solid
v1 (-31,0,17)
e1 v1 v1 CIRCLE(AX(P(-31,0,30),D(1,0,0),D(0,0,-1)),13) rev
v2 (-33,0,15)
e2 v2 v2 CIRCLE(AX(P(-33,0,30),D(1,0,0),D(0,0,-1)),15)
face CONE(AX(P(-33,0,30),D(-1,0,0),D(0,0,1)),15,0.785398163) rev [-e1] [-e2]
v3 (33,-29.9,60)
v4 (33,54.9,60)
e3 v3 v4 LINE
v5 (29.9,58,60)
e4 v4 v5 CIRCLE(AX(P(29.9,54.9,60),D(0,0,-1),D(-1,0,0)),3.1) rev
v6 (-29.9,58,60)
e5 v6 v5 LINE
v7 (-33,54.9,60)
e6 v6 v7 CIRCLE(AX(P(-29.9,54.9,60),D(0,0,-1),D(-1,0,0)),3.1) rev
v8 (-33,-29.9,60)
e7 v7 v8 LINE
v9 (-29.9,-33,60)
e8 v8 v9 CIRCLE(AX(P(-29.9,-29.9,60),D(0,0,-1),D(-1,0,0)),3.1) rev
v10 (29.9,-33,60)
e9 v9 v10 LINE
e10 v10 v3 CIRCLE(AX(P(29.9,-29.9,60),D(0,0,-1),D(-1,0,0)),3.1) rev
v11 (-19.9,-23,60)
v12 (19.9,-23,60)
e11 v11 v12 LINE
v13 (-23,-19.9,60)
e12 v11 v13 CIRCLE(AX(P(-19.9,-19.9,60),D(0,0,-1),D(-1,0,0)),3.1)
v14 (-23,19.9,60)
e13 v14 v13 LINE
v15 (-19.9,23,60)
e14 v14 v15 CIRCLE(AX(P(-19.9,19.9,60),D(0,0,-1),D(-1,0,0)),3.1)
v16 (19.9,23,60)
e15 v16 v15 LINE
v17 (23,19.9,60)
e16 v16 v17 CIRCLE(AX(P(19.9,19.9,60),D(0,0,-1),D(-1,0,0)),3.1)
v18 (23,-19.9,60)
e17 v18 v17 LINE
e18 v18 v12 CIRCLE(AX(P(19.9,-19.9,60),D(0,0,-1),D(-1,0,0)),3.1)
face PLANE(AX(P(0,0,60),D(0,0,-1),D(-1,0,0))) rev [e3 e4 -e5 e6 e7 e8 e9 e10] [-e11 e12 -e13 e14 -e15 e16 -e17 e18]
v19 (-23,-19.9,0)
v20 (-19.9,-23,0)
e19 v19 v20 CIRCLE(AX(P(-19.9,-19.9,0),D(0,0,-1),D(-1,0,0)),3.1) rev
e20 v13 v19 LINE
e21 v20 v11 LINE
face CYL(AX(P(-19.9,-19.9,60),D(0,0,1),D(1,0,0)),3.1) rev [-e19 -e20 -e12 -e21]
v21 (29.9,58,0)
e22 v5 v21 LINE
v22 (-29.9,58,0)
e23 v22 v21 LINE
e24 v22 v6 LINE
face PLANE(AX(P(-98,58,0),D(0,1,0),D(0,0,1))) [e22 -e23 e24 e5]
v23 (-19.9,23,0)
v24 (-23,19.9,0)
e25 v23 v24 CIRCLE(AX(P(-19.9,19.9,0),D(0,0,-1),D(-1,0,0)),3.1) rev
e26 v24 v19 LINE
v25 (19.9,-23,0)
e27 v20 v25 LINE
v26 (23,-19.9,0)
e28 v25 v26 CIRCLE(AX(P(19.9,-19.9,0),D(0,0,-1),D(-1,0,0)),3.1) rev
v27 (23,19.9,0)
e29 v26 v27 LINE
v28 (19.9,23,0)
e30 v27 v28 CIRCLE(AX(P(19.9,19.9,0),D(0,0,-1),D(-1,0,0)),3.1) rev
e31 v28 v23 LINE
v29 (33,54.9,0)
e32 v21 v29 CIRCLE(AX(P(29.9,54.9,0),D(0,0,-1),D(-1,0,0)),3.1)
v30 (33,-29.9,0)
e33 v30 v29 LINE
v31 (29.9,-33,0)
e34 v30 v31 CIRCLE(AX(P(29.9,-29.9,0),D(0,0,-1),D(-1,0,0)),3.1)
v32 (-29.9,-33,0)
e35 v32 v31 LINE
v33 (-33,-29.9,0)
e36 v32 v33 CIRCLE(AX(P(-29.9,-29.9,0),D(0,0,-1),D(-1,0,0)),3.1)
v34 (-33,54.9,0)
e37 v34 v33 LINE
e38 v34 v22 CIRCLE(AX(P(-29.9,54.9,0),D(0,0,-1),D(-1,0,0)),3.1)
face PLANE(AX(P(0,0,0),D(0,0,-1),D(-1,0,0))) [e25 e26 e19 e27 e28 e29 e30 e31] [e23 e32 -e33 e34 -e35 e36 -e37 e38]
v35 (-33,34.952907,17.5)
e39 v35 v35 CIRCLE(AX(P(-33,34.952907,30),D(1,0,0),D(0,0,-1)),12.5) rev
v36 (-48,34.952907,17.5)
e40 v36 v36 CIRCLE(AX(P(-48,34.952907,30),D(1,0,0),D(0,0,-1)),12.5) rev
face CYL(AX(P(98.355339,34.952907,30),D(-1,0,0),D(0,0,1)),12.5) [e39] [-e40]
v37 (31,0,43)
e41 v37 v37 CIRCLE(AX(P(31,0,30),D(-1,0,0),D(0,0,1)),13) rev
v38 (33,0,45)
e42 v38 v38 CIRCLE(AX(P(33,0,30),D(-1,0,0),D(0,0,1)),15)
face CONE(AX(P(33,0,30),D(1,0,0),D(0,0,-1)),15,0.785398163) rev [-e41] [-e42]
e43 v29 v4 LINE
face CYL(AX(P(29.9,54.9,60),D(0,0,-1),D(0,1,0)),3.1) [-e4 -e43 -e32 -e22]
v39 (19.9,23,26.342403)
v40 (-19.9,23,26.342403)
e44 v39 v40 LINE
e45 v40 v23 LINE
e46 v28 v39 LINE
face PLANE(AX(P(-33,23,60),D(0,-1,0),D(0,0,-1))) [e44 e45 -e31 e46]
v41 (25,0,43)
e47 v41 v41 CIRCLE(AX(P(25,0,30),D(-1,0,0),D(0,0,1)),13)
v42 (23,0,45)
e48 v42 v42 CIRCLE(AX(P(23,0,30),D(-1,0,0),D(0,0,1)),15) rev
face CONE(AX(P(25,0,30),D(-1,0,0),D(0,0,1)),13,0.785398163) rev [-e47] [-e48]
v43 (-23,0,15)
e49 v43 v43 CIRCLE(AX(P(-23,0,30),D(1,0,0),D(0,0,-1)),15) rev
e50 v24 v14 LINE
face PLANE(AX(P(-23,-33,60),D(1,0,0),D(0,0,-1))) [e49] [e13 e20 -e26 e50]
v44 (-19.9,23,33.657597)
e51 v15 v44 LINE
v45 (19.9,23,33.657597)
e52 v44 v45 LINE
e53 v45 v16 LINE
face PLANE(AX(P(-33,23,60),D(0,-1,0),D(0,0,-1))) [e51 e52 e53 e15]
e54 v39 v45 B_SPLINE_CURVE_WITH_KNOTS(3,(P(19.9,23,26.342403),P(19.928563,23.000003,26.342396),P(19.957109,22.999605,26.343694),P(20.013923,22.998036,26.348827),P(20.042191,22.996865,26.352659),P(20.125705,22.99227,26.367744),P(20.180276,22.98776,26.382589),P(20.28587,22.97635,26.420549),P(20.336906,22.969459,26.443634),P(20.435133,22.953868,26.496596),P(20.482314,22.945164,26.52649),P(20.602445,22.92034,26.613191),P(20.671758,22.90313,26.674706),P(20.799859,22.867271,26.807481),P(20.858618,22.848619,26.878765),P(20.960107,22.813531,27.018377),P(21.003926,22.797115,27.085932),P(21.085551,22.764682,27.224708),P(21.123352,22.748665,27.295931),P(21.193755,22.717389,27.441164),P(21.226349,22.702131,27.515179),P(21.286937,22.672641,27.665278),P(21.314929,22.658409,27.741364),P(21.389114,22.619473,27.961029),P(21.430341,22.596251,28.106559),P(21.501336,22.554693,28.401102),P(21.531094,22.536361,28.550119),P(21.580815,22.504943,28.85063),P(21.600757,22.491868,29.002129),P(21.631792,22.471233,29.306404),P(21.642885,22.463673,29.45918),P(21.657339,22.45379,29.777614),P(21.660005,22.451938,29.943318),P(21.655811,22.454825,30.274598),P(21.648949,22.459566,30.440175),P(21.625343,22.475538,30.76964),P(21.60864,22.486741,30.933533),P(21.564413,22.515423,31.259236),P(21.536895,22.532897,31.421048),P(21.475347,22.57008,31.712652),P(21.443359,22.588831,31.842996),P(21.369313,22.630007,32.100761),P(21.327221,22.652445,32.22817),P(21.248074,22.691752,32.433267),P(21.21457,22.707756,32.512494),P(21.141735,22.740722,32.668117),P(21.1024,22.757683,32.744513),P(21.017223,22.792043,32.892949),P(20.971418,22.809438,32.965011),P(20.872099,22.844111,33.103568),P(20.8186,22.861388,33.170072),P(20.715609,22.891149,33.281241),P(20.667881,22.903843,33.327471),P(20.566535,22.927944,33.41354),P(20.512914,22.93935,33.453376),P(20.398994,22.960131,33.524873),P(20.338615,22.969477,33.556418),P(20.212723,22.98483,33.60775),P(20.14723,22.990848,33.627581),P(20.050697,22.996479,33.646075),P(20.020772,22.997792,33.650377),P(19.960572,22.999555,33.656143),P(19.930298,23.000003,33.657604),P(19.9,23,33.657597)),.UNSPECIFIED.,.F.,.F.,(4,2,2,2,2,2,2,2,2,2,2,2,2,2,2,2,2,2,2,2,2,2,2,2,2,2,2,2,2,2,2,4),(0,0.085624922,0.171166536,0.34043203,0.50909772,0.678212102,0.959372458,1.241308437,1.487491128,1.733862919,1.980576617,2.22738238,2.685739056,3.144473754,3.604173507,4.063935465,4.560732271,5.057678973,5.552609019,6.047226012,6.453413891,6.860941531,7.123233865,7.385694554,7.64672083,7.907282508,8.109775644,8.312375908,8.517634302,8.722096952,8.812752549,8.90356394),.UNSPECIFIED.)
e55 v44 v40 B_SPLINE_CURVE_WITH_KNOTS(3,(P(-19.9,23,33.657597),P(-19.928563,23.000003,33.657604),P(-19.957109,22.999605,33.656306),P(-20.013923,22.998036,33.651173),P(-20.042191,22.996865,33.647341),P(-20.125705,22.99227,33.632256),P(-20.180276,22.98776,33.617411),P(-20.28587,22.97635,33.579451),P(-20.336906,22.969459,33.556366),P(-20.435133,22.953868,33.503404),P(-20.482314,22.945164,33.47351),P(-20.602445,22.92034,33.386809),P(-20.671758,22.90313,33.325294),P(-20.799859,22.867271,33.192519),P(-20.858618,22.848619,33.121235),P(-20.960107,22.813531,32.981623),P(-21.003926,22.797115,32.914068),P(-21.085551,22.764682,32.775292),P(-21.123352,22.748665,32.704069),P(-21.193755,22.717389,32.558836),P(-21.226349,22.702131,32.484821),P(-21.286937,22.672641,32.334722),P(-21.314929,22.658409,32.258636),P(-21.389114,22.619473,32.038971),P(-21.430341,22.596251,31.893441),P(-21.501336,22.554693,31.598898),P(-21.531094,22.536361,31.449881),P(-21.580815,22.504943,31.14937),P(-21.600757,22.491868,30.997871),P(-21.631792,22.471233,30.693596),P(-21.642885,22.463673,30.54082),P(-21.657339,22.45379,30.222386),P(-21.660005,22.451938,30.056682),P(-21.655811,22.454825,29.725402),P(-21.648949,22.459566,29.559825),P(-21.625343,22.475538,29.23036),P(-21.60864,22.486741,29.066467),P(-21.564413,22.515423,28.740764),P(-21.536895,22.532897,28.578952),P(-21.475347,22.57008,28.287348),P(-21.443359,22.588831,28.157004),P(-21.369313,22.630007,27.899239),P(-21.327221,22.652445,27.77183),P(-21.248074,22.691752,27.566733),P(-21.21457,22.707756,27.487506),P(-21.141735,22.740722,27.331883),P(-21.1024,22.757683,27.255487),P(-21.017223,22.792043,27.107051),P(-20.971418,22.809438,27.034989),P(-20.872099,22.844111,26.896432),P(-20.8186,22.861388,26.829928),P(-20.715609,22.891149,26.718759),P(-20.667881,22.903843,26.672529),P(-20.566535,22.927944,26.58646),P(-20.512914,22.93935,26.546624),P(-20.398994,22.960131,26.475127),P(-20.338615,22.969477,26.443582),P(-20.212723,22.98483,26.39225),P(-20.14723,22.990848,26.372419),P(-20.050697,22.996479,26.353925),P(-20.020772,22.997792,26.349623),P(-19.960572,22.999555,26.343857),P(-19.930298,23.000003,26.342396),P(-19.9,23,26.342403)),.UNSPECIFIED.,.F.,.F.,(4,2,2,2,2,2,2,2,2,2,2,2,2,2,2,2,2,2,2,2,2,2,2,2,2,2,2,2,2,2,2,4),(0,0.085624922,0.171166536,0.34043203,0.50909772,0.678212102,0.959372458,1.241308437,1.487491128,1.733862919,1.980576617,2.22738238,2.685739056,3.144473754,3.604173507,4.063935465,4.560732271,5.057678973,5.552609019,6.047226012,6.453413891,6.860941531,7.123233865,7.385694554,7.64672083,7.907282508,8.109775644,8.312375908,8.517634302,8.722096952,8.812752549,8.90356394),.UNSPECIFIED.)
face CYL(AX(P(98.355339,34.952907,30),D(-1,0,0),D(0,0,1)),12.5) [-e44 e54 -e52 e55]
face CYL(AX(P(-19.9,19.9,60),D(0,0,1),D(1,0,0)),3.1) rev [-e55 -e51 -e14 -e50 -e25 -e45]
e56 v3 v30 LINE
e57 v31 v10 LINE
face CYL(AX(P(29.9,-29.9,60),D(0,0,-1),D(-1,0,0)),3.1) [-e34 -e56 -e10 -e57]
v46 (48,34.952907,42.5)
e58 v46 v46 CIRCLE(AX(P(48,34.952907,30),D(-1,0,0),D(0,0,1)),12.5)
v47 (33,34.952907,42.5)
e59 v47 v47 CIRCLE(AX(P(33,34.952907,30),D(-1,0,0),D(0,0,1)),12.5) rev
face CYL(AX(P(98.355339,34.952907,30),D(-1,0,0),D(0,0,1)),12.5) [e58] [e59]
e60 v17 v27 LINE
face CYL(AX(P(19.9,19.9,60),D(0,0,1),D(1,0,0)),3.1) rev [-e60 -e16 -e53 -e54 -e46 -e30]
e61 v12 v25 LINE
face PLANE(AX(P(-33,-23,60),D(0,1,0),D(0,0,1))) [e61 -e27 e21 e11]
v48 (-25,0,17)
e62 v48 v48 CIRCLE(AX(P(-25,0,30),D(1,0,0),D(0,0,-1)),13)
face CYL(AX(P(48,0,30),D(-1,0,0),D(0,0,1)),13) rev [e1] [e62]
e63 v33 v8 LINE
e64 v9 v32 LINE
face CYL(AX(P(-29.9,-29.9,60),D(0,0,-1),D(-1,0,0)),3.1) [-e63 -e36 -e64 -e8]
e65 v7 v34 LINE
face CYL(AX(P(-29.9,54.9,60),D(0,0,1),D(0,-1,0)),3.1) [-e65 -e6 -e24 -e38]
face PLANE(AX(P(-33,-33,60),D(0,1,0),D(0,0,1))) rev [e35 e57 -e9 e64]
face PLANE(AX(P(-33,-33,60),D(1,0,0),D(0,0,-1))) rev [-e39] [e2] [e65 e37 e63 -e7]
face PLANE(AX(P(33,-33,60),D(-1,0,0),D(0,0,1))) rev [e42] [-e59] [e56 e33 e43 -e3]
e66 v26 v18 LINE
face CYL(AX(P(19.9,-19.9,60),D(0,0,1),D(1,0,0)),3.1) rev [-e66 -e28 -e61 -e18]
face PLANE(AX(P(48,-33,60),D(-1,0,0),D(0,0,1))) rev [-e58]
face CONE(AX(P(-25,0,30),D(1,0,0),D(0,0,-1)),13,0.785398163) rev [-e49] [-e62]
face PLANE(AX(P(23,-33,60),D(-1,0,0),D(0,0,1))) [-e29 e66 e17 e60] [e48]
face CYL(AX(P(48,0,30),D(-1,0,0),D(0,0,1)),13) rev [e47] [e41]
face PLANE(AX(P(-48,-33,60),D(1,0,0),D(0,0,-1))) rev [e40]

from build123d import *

# Parameters (mm, degrees)
SKETCH1_W                = 66
SKETCH1_H                = 66
BOSS_EXTRUDE1_DEPTH      = 60
SHELL1_T                 = -10
FILLET2_R                = 3.1
SKETCH2_W                = 60
SKETCH2_H                = 25
BOSS_EXTRUDE2_DEPTH      = 66
FILLET3_R                = 3.1
BOSS_EXTRUDE4_DEPTH      = 48
BOSS_EXTRUDE4_DEPTH_BACK = 48
SKETCH3_R                = 12.5
CUT_EXTRUDE1_DEPTH       = 110.567330952
CUT_EXTRUDE1_DEPTH_BACK  = 110.567330952
SKETCH4_R                = 13
CHAMFER1_SIZE            = 2


with BuildPart() as part:
    # Sketch1 → Boss-Extrude1 (new body)
    with BuildSketch(Plane.XY):
        Rectangle(SKETCH1_W, SKETCH1_H)
    extrude(amount=BOSS_EXTRUDE1_DEPTH)

    # Shell1
    shell1_openings = [part.faces().sort_by_distance(p)[0] for p in [
        (0, 0, 60),
        (0, 0, 0),
    ]]
    offset(amount=SHELL1_T, openings=shell1_openings, kind=Kind.INTERSECTION)

    # Fillet2
    fillet2_edges = [part.edges().sort_by_distance(p)[0] for p in [
        (23, -23, 30),
        (23, 23, 30),
        (-23, 23, 30),
        (-23, -23, 30),
    ]]
    fillet(fillet2_edges, radius=FILLET2_R)

    # Sketch2 → Boss-Extrude2 (add)
    with BuildSketch(Plane(origin=(33, 0, 0), x_dir=(0, 0, -1), z_dir=(1, 0, 0))):
        with Locations((-30, 45.5)):
            Rectangle(SKETCH2_W, SKETCH2_H)
    extrude(amount=-BOSS_EXTRUDE2_DEPTH)

    # Fillet3
    fillet3_edges = [part.edges().sort_by_distance(p)[0] for p in [
        (33, 58, 30),
        (-33, 58, 30),
        (33, -33, 30),
        (-33, -33, 30),
    ]]
    fillet(fillet3_edges, radius=FILLET3_R)

    # Sketch3 → Boss-Extrude4 (add, two sides: drawn at the far end of the back side and taken through both)
    with BuildSketch(Plane(origin=(0, 0, 0), x_dir=(0, 0, -1), z_dir=(1, 0, 0)).offset(-BOSS_EXTRUDE4_DEPTH_BACK)):
        with Locations((-30, 34.952906867)):
            Circle(SKETCH3_R)
    extrude(amount=BOSS_EXTRUDE4_DEPTH + BOSS_EXTRUDE4_DEPTH_BACK)

    # Sketch4 → Cut-Extrude1 (cut, two sides: drawn at the far end of the back side and taken through both)
    with BuildSketch(Plane.ZY.offset(-23).offset(-CUT_EXTRUDE1_DEPTH_BACK)):
        with Locations(Location((30, 0, 0), (0, 0, 180))):
            Circle(SKETCH4_R)
    extrude(amount=CUT_EXTRUDE1_DEPTH + CUT_EXTRUDE1_DEPTH_BACK, mode=Mode.SUBTRACT)

    # Chamfer1
    chamfer1_edges = [part.edges().sort_by_distance(p)[0] for p in [
        (33, 0, 43),
        (-33, 0, 43),
        (-23, 0, 43),
        (23, 0, 43),
    ]]
    chamfer(chamfer1_edges, length=CHAMFER1_SIZE)


solid = part.part
